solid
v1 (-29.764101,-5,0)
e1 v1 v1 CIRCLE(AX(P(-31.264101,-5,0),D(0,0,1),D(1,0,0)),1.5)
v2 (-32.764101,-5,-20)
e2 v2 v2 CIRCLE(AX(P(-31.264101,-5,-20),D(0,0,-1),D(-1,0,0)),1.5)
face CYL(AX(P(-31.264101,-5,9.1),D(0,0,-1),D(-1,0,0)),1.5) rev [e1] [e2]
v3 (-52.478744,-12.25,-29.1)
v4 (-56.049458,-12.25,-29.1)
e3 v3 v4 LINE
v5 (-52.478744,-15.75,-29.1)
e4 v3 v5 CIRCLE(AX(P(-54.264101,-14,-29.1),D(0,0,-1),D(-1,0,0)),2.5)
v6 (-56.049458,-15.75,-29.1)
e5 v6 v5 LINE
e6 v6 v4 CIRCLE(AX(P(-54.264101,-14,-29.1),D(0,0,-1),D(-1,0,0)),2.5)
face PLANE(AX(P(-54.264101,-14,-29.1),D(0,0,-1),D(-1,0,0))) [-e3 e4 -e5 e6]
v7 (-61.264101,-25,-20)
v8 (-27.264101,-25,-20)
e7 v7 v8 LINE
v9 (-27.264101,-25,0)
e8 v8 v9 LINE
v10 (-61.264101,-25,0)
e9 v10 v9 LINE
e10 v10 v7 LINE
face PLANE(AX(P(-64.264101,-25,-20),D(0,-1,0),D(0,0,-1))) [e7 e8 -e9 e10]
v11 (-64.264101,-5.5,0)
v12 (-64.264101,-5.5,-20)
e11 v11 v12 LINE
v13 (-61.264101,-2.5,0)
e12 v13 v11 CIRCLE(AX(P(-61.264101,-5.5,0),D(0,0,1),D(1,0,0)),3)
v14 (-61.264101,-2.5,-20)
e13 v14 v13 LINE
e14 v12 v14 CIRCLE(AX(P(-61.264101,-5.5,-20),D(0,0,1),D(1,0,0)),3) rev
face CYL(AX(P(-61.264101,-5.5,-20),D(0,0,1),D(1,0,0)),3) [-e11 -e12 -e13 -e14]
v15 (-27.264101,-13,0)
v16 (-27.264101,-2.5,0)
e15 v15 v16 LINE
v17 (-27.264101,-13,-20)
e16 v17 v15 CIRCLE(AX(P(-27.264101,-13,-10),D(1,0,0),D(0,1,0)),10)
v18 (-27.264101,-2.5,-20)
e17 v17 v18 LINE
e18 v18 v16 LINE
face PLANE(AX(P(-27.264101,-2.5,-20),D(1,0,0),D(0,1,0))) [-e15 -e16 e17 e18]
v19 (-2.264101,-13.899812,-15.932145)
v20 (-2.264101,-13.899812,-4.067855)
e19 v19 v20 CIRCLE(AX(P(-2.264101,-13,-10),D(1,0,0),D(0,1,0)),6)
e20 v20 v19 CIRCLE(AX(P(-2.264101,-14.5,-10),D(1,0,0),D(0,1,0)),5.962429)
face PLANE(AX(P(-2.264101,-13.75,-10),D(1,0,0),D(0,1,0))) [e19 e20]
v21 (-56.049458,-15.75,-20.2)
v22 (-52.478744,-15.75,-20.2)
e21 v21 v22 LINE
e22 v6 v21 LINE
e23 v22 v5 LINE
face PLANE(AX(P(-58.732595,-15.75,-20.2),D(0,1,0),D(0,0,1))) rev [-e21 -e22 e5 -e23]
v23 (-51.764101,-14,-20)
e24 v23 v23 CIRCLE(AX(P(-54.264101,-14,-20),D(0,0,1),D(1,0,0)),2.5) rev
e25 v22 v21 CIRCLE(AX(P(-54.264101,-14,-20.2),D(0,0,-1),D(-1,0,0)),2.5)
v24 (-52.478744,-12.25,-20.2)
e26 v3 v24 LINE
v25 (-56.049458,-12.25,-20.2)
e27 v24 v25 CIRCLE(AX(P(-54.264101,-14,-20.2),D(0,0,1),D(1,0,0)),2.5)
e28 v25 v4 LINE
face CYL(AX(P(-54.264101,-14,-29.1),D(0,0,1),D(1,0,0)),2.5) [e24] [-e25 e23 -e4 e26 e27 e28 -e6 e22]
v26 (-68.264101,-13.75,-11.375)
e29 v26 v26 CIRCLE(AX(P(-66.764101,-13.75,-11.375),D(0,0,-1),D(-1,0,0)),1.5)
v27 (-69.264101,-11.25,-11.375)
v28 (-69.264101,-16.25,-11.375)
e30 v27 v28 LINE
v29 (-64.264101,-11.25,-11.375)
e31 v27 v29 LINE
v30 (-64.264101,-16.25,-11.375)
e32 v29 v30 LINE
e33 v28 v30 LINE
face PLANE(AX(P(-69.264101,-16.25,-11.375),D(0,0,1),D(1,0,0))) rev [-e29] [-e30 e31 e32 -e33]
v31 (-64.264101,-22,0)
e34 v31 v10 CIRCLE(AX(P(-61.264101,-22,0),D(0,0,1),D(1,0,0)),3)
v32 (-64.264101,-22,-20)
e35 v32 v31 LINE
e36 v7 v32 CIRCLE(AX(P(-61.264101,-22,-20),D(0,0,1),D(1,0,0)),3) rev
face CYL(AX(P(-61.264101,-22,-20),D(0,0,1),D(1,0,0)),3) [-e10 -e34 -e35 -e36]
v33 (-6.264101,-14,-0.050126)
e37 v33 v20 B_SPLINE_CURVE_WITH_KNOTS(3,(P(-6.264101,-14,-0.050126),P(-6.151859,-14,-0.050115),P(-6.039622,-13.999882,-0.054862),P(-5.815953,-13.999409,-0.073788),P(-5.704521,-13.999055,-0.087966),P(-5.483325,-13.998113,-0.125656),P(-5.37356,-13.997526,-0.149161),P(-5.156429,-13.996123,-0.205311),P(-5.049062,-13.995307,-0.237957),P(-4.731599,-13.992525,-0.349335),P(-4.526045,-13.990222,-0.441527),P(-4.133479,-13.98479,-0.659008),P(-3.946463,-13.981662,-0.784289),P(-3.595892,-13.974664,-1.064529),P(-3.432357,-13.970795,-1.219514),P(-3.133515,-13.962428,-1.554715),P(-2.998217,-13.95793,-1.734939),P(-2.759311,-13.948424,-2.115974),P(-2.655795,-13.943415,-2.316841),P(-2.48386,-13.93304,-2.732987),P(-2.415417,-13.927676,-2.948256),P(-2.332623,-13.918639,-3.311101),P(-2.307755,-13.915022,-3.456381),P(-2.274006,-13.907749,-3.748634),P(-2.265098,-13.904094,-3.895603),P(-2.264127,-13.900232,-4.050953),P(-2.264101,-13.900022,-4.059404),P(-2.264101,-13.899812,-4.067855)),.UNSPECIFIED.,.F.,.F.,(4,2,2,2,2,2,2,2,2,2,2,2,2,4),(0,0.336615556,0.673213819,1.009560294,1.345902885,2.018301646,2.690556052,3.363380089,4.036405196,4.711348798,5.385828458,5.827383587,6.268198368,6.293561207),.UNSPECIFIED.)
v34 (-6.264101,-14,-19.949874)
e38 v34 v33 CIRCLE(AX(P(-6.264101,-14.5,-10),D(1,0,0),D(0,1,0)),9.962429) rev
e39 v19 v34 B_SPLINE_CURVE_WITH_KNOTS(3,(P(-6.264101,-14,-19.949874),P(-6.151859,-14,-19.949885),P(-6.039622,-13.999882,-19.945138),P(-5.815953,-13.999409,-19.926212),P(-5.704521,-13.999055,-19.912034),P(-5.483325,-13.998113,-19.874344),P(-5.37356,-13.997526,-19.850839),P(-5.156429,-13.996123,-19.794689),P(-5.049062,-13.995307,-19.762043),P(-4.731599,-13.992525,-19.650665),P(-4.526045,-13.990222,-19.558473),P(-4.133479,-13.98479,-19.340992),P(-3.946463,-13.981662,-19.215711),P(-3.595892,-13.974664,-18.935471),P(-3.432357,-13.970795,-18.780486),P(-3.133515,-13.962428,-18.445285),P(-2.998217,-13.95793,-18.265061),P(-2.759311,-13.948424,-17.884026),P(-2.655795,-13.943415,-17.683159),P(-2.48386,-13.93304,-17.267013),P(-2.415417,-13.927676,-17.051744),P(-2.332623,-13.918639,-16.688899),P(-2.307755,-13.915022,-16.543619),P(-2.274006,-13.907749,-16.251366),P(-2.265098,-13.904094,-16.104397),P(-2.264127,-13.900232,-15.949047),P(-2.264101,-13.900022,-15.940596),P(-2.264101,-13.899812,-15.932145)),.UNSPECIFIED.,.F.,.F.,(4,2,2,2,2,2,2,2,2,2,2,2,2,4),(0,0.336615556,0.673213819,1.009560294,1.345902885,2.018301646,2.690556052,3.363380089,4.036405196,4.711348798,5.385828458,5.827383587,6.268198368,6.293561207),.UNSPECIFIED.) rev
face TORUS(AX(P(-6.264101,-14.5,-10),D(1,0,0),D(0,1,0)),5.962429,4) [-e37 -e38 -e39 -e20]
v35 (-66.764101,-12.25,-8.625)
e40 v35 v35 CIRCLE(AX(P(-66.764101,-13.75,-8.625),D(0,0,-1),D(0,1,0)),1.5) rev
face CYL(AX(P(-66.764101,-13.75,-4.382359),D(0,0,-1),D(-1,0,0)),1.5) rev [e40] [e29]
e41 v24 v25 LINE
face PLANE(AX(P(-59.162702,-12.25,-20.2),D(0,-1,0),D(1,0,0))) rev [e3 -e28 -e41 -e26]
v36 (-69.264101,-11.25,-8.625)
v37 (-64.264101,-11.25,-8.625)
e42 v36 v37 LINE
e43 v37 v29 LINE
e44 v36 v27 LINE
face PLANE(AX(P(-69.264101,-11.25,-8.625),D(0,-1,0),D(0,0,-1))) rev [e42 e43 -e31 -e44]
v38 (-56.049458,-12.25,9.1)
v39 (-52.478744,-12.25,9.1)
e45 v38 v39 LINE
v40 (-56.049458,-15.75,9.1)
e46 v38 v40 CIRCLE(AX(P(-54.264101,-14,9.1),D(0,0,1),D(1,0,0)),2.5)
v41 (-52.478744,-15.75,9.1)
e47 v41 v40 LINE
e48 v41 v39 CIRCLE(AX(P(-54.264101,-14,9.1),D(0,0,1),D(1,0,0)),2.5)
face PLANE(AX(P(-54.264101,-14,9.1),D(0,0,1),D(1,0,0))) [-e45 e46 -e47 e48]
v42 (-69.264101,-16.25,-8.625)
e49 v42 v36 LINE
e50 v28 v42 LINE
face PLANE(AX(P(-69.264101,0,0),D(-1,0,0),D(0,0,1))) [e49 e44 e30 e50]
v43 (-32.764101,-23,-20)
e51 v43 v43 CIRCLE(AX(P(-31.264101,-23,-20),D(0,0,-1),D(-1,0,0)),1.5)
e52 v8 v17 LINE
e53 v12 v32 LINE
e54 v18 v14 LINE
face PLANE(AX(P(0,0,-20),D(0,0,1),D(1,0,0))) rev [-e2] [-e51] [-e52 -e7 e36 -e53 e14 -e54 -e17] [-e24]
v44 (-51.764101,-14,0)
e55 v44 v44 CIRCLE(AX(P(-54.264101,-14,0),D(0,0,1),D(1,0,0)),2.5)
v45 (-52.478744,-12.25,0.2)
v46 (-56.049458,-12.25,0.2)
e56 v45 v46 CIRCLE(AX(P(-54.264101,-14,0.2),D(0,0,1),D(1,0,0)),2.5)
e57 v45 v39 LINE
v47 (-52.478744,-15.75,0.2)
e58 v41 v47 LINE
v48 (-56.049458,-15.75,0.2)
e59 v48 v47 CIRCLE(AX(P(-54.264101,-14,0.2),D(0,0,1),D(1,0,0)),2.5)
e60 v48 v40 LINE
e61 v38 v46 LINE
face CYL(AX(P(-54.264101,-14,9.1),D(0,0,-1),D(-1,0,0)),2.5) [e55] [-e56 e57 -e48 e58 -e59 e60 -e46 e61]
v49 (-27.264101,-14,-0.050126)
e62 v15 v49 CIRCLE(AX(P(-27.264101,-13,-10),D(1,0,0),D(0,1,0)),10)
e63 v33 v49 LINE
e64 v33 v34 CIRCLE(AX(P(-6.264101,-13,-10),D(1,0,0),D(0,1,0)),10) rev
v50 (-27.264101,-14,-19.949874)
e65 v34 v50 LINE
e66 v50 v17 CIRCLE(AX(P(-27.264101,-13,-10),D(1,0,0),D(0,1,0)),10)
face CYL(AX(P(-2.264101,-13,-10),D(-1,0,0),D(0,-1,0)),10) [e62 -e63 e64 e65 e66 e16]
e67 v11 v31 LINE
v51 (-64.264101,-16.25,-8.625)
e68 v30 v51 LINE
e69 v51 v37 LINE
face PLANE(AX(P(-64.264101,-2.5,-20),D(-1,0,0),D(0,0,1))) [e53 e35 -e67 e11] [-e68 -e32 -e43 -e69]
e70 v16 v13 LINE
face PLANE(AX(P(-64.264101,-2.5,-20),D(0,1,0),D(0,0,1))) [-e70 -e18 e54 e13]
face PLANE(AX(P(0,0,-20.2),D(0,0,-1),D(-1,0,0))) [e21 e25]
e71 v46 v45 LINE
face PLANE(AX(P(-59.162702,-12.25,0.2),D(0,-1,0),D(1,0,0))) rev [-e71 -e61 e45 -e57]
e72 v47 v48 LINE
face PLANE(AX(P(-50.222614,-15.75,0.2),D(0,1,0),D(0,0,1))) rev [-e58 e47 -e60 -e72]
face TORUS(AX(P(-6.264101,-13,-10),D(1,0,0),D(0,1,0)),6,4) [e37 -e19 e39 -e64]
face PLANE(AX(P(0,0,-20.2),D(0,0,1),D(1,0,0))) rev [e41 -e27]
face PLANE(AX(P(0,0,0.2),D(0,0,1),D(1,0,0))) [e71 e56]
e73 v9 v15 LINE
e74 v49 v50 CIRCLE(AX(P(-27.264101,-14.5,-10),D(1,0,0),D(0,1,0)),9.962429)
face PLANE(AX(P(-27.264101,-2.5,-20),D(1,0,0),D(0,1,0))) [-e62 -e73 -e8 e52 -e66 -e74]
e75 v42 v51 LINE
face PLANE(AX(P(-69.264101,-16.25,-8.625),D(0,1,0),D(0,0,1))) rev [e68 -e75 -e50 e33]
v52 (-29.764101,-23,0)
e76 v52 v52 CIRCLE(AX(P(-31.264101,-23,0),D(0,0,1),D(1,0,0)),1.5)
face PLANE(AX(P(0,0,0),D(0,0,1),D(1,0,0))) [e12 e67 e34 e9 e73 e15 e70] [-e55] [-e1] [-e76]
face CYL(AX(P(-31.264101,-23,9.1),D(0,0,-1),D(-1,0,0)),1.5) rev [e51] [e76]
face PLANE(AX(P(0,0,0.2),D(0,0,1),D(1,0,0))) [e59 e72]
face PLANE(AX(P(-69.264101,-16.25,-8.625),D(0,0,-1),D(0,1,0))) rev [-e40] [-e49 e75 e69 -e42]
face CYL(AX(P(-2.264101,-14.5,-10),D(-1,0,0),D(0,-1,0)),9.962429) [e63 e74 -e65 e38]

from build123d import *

# Parameters (mm, degrees)
SKETCH1_W           = 37
SKETCH1_H           = 22.5
BOSS_EXTRUDE1_DEPTH = 20
BOSS_EXTRUDE2_DEPTH = 25
SKETCH3_R           = 2.5
BOSS_EXTRUDE3_DEPTH = 9.1
SKETCH4_R           = 2.5
BOSS_EXTRUDE4_DEPTH = 9.1
FILLET1_R           = 3
FILLET2_R           = 4
SKETCH5_W           = 2.75
SKETCH5_H           = 5
BOSS_EXTRUDE5_DEPTH = 5
SKETCH6_R           = 1.5
CUT_EXTRUDE1_DEPTH  = 2.75
SKETCH7_R           = 1.5
CUT_EXTRUDE2_DEPTH  = 30.1
SKETCH8_W           = 8.509980697
SKETCH8_H           = 2.764975678
SKETCH8_W_2         = 9.677414873
SKETCH8_H_2         = 2.427034206
CUT_EXTRUDE3_DEPTH  = 8.9
SKETCH9_W           = 9.677414873
SKETCH9_H           = 2.427034206
SKETCH9_W_2         = 8.509980697
SKETCH9_H_2         = 2.764975678
CUT_EXTRUDE4_DEPTH  = 8.9


with BuildPart() as part:
    # Sketch1 → Boss-Extrude1 (new body)
    with BuildSketch(Plane.XY):
        with Locations((-45.764100782, -13.75)):
            Rectangle(SKETCH1_W, SKETCH1_H)
    extrude(amount=-BOSS_EXTRUDE1_DEPTH)

    # Sketch2 → Boss-Extrude2 (add)
    with BuildSketch(Plane(origin=(-27.264100782, 0, 0), x_dir=(0, 0, -1), z_dir=(1, 0, 0))):
        with BuildLine():
            ThreePointArc((0.050125629, -14), (10, -24.462429423), (19.949874371, -14))
            ThreePointArc((19.949874371, -14), (10, -3), (0.050125629, -14))
        make_face()
    extrude(amount=BOSS_EXTRUDE2_DEPTH)

    # Sketch3 → Boss-Extrude3 (add)
    with BuildSketch(Plane.XY):
        with Locations((-54.264100782, -14)):
            Circle(SKETCH3_R)
    extrude(amount=BOSS_EXTRUDE3_DEPTH)

    # Sketch4 → Boss-Extrude4 (add)
    with BuildSketch(Plane(origin=(0, 0, -20), x_dir=(-1, 0, 0), z_dir=(0, 0, -1))):
        with Locations((54.264100782, -14)):
            Circle(SKETCH4_R)
    extrude(amount=BOSS_EXTRUDE4_DEPTH)

    # Fillet1
    fillet1_edges = [part.edges().sort_by_distance(p)[0] for p in [
        (-64.264100782, -2.5, -10),
        (-64.264100782, -25, -10),
    ]]
    fillet(fillet1_edges, radius=FILLET1_R)

    # Fillet2
    fillet2_edges = [part.edges().sort_by_distance(p)[0] for p in [
        (-2.264100782, -3, -10),
        (-2.264100782, -24.462429423, -10),
    ]]
    fillet(fillet2_edges, radius=FILLET2_R)

    # Sketch5 → Boss-Extrude5 (add)
    with BuildSketch(Plane.ZY.offset(64.264100782)):
        with Locations((-10, -13.75)):
            Rectangle(SKETCH5_W, SKETCH5_H)
    extrude(amount=BOSS_EXTRUDE5_DEPTH)

    # Sketch6 → Cut-Extrude1 (cut)
    with BuildSketch(Plane(origin=(0, 0, -11.375), x_dir=(-1, 0, 0), z_dir=(0, 0, -1))):
        with Locations((66.764100782, -13.75)):
            Circle(SKETCH6_R)
    extrude(amount=-CUT_EXTRUDE1_DEPTH, mode=Mode.SUBTRACT)

    # Sketch7 → Cut-Extrude2 (cut, through all)
    with BuildSketch(Plane(origin=(0, 0, -20), x_dir=(-1, 0, 0), z_dir=(0, 0, -1))):
        with Locations((31.264100782, -5)):
            Circle(SKETCH7_R)
        with Locations((31.264100782, -23)):
            Circle(SKETCH7_R)
    extrude(amount=-CUT_EXTRUDE2_DEPTH, mode=Mode.SUBTRACT)

    # Sketch8 → Cut-Extrude3 (cut)
    with BuildSketch(Plane(origin=(0, 0, -29.1), x_dir=(-1, 0, 0), z_dir=(0, 0, -1))):
        with Locations((54.477604306, -17.132487839)):
            Rectangle(SKETCH8_W, SKETCH8_H)
        with Locations((54.323994545, -11.036482897)):
            Rectangle(SKETCH8_W_2, SKETCH8_H_2)
    extrude(amount=-CUT_EXTRUDE3_DEPTH, mode=Mode.SUBTRACT)

    # Sketch9 → Cut-Extrude4 (cut)
    with BuildSketch(Plane.XY.offset(9.1)):
        with Locations((-54.323994545, -11.036482897)):
            Rectangle(SKETCH9_W, SKETCH9_H)
        with Locations((-54.477604306, -17.132487839)):
            Rectangle(SKETCH9_W_2, SKETCH9_H_2)
    extrude(amount=-CUT_EXTRUDE4_DEPTH, mode=Mode.SUBTRACT)


solid = part.part
